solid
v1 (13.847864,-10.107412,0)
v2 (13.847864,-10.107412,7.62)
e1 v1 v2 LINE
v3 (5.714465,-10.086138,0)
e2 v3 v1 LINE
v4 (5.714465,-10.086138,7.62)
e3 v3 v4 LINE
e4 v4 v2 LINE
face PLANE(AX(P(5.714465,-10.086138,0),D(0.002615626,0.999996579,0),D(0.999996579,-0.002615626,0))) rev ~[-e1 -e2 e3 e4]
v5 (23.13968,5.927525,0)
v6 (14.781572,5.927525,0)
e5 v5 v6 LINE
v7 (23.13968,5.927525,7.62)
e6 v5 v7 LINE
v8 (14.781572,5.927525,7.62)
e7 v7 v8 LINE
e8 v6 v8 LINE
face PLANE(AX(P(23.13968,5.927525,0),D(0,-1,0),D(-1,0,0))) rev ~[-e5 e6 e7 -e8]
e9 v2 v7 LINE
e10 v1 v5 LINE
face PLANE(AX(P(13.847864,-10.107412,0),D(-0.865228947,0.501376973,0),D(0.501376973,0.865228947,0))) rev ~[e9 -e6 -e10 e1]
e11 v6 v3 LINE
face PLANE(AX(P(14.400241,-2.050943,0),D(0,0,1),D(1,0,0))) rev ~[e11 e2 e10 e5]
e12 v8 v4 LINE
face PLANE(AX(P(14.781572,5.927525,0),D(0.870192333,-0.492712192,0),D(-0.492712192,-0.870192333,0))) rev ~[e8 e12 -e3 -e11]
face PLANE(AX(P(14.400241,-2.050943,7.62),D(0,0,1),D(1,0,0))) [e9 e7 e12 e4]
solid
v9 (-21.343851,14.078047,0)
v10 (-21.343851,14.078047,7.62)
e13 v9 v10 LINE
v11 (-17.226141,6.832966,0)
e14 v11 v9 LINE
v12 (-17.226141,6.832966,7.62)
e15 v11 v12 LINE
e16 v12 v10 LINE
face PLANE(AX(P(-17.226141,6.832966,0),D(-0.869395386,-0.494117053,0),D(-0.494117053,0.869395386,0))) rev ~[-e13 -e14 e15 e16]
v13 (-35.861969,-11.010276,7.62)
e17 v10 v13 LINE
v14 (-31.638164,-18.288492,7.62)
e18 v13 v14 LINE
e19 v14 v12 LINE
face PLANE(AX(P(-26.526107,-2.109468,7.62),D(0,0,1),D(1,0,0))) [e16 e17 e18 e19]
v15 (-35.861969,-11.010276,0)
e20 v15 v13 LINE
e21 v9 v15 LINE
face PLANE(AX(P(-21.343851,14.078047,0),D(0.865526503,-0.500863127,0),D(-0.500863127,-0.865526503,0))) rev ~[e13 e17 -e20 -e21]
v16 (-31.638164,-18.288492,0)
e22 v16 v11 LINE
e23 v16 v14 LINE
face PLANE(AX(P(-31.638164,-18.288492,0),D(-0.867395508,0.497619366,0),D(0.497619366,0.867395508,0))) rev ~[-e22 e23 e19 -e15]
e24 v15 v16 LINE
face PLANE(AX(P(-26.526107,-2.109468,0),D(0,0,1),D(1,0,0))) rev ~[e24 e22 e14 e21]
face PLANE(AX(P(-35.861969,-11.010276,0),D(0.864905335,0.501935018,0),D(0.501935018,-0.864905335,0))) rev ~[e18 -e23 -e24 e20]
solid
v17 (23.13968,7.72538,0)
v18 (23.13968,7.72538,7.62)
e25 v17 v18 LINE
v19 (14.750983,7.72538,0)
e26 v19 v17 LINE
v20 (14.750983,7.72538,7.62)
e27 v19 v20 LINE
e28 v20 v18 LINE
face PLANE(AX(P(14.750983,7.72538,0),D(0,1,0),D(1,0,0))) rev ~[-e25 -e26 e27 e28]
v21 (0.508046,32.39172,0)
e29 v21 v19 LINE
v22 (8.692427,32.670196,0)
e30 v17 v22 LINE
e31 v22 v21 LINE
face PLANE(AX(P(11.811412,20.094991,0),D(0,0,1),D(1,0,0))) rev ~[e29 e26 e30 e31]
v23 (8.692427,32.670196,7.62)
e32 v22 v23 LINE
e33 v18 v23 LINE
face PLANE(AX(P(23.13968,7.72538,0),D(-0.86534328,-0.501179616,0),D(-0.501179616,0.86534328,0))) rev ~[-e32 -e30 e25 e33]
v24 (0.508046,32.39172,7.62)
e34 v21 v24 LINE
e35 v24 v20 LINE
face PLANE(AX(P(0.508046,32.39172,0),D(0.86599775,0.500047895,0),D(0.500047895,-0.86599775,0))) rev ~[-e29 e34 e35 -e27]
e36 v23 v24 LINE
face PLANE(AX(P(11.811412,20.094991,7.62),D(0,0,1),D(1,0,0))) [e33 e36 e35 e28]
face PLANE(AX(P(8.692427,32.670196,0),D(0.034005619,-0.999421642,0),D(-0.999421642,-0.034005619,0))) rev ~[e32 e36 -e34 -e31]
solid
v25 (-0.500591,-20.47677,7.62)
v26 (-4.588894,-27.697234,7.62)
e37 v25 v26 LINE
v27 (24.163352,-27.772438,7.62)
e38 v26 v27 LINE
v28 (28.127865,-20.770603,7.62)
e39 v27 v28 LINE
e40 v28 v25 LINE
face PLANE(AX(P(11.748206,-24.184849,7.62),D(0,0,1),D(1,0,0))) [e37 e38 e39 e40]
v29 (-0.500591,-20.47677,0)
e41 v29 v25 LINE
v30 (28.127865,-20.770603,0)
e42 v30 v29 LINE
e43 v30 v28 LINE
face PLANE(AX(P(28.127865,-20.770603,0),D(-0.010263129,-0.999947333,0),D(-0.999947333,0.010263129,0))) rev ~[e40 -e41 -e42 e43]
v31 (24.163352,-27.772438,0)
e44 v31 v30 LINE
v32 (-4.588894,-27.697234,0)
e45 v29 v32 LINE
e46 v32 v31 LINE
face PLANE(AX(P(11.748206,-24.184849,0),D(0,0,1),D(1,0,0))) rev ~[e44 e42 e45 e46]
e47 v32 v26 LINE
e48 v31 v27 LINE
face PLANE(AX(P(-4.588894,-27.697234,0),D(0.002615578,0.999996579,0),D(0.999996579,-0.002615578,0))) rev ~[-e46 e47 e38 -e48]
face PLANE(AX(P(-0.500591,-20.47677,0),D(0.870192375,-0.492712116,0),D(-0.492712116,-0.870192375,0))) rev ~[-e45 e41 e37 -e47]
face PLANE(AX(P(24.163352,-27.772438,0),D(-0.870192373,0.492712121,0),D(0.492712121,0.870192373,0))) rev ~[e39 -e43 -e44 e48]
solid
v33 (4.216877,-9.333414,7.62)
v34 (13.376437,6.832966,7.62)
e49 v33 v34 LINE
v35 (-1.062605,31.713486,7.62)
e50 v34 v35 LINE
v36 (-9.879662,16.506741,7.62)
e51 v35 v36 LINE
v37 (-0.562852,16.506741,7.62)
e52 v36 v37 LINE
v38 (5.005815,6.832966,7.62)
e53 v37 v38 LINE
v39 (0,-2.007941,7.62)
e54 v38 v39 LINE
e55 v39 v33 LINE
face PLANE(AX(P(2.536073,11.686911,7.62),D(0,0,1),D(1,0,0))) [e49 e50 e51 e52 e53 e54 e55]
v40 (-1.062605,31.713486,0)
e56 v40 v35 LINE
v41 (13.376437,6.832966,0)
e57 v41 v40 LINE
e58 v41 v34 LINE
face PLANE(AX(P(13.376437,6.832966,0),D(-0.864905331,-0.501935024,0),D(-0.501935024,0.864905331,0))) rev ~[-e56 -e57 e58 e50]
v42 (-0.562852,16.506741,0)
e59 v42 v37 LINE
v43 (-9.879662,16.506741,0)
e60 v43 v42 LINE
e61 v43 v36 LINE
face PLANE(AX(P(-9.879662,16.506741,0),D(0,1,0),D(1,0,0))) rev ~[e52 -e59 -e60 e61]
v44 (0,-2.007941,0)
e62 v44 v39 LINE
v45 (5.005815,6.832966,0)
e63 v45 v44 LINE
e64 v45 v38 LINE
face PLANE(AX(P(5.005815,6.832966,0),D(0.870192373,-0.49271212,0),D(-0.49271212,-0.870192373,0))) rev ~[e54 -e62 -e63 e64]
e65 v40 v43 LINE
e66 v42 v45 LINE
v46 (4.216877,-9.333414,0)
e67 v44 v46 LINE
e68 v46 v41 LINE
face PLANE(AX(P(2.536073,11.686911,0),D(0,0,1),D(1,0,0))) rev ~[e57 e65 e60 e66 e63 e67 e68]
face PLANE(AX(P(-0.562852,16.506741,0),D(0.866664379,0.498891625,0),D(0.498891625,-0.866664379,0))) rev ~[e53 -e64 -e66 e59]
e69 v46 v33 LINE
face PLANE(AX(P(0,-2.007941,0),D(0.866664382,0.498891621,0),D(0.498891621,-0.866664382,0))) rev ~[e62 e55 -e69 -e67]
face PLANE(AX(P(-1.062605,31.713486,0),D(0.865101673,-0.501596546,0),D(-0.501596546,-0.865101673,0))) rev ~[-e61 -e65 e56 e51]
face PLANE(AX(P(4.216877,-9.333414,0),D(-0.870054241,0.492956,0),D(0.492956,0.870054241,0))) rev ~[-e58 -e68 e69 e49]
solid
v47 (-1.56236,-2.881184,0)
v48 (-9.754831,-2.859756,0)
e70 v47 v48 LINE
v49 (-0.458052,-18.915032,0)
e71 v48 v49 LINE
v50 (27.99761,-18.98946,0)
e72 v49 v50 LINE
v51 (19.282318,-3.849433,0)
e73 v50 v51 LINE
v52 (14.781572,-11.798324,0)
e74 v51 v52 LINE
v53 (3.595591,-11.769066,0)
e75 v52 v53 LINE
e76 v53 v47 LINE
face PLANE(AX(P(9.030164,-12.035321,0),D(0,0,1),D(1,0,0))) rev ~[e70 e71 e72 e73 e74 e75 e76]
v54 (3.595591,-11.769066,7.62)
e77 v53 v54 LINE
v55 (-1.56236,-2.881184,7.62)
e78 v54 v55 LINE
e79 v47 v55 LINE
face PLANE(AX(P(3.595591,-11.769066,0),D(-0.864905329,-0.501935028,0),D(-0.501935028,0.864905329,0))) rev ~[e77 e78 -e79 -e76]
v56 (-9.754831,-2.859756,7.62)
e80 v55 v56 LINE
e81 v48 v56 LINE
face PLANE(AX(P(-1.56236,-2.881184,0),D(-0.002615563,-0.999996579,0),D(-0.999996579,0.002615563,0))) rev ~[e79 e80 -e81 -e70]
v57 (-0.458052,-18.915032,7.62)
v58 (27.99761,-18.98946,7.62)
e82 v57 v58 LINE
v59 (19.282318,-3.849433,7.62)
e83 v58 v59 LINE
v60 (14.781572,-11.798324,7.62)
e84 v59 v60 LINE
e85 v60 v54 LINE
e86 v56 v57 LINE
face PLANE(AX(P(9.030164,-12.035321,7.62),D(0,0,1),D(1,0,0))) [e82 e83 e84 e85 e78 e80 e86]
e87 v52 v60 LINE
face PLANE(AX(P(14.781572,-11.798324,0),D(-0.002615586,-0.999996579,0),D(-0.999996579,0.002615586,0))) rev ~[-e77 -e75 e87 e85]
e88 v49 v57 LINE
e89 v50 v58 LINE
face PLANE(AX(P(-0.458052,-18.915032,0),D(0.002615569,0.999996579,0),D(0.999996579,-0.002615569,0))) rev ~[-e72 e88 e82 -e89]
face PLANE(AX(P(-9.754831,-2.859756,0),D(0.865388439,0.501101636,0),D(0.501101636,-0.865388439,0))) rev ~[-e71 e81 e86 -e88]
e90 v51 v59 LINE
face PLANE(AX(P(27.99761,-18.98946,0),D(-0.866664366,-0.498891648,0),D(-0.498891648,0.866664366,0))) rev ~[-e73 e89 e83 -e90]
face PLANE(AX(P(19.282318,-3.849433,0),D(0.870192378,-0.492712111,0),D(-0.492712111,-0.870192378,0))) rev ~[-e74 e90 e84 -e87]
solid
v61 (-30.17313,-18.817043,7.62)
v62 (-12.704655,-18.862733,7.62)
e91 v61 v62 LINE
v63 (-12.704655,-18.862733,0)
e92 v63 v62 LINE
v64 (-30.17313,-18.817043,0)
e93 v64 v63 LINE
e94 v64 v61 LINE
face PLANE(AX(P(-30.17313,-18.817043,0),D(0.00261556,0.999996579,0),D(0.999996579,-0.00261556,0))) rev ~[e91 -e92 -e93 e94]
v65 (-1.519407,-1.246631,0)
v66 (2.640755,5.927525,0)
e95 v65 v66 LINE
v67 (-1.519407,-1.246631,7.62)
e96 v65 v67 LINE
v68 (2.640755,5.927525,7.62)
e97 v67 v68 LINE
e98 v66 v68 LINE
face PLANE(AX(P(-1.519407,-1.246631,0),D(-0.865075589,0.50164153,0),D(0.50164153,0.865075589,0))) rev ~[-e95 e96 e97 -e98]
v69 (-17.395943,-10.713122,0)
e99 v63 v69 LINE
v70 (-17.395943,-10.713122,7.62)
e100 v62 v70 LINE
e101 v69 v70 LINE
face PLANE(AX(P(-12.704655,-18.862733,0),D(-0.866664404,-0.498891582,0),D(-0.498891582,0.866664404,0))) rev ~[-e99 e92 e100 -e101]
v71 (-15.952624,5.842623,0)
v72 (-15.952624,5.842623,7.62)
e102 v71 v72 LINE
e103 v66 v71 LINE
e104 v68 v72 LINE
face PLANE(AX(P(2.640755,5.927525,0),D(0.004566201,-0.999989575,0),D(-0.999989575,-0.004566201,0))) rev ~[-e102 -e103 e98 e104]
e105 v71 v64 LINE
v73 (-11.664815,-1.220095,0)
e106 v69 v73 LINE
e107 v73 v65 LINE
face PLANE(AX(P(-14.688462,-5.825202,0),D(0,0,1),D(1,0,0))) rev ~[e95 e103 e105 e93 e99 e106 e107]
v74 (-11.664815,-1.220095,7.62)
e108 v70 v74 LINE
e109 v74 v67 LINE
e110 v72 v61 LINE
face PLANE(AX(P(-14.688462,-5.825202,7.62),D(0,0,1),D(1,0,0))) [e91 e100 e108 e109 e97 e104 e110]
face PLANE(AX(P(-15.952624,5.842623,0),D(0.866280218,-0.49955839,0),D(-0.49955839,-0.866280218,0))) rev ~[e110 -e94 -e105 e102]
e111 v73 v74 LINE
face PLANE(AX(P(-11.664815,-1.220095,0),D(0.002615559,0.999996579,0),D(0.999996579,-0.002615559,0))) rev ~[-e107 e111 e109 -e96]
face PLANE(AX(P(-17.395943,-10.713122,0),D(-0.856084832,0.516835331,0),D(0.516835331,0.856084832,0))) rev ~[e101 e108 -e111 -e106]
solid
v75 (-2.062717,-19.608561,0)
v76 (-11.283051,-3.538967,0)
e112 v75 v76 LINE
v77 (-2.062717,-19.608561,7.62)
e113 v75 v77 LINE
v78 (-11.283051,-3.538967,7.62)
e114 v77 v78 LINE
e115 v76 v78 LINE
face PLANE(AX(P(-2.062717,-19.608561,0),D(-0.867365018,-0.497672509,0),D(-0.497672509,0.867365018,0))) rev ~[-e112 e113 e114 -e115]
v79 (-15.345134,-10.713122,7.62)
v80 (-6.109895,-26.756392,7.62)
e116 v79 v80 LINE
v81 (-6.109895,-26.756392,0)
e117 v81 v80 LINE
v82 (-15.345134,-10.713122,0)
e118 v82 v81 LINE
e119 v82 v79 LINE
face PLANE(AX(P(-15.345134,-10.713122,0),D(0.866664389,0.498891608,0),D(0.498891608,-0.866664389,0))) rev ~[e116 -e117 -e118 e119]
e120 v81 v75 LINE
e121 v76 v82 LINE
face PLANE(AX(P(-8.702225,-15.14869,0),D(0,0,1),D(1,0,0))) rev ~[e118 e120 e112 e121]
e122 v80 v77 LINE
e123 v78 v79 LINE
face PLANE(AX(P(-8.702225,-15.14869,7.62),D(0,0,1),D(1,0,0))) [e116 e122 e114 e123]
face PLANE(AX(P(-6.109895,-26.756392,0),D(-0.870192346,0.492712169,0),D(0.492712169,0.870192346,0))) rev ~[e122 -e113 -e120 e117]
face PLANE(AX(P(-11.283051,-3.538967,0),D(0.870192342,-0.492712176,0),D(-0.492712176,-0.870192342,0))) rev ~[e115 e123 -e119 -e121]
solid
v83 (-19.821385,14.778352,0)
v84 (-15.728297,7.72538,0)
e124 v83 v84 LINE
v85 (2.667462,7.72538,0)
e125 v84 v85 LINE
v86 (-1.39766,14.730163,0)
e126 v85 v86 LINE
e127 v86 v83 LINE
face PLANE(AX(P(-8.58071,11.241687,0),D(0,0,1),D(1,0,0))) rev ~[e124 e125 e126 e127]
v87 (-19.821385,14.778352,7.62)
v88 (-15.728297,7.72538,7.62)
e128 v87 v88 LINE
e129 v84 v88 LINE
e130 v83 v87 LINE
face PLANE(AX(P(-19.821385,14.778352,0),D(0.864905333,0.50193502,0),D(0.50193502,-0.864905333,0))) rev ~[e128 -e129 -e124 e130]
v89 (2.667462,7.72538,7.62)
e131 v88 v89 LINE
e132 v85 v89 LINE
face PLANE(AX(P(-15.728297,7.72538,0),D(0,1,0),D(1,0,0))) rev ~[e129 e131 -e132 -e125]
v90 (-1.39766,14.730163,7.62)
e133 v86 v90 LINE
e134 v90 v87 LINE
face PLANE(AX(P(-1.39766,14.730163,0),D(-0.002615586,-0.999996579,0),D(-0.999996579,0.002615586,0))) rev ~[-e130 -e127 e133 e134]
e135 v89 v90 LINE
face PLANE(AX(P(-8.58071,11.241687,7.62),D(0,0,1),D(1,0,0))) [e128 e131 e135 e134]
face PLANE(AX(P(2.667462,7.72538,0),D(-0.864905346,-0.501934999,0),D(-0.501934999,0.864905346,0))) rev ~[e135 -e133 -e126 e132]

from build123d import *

# Parameters (mm, degrees)
F1_DEPTH = 7.62


with BuildPart() as f1:
    # F0 (on Top) → F1 (new body)
    with BuildSketch(Plane.XY):
        Polygon((23.13968, 7.72538), (8.692427, 32.670196), (0.508046, 32.39172), (14.750983, 7.72538), align=None)
        Polygon((13.376437, 6.832966), (-1.062605, 31.713486), (-9.879662, 16.506741), (-0.562852, 16.506741), (5.005815, 6.832966), (0, -2.007941), (4.216877, -9.333414), align=None)
        Polygon((-1.39766, 14.730163), (-19.821385, 14.778352), (-15.728297, 7.72538), (2.667462, 7.72538), align=None)
        Polygon((-17.226141, 6.832966), (-21.343851, 14.078047), (-35.861969, -11.010276), (-31.638164, -18.288492), align=None)
        Polygon((-1.519407, -1.246631), (2.640755, 5.927525), (-15.952624, 5.842623), (-30.17313, -18.817043), (-12.704655, -18.862733), (-17.395943, -10.713122), (-11.664815, -1.220095), align=None)
        Polygon((-1.56236, -2.881184), (-9.754831, -2.859756), (-0.458052, -18.915032), (27.99761, -18.98946), (19.282318, -3.849433), (14.781572, -11.798324), (3.595591, -11.769066), align=None)
        Polygon((-2.062717, -19.608561), (-11.283051, -3.538967), (-15.345134, -10.713122), (-6.109895, -26.756392), align=None)
        Polygon((28.127865, -20.770603), (-0.500591, -20.47677), (-4.588894, -27.697234), (24.163352, -27.772438), align=None)
        Polygon((23.13968, 5.927525), (14.781572, 5.927525), (5.714465, -10.086138), (13.847864, -10.107412), align=None)
    extrude(amount=F1_DEPTH)


solid = f1.part
